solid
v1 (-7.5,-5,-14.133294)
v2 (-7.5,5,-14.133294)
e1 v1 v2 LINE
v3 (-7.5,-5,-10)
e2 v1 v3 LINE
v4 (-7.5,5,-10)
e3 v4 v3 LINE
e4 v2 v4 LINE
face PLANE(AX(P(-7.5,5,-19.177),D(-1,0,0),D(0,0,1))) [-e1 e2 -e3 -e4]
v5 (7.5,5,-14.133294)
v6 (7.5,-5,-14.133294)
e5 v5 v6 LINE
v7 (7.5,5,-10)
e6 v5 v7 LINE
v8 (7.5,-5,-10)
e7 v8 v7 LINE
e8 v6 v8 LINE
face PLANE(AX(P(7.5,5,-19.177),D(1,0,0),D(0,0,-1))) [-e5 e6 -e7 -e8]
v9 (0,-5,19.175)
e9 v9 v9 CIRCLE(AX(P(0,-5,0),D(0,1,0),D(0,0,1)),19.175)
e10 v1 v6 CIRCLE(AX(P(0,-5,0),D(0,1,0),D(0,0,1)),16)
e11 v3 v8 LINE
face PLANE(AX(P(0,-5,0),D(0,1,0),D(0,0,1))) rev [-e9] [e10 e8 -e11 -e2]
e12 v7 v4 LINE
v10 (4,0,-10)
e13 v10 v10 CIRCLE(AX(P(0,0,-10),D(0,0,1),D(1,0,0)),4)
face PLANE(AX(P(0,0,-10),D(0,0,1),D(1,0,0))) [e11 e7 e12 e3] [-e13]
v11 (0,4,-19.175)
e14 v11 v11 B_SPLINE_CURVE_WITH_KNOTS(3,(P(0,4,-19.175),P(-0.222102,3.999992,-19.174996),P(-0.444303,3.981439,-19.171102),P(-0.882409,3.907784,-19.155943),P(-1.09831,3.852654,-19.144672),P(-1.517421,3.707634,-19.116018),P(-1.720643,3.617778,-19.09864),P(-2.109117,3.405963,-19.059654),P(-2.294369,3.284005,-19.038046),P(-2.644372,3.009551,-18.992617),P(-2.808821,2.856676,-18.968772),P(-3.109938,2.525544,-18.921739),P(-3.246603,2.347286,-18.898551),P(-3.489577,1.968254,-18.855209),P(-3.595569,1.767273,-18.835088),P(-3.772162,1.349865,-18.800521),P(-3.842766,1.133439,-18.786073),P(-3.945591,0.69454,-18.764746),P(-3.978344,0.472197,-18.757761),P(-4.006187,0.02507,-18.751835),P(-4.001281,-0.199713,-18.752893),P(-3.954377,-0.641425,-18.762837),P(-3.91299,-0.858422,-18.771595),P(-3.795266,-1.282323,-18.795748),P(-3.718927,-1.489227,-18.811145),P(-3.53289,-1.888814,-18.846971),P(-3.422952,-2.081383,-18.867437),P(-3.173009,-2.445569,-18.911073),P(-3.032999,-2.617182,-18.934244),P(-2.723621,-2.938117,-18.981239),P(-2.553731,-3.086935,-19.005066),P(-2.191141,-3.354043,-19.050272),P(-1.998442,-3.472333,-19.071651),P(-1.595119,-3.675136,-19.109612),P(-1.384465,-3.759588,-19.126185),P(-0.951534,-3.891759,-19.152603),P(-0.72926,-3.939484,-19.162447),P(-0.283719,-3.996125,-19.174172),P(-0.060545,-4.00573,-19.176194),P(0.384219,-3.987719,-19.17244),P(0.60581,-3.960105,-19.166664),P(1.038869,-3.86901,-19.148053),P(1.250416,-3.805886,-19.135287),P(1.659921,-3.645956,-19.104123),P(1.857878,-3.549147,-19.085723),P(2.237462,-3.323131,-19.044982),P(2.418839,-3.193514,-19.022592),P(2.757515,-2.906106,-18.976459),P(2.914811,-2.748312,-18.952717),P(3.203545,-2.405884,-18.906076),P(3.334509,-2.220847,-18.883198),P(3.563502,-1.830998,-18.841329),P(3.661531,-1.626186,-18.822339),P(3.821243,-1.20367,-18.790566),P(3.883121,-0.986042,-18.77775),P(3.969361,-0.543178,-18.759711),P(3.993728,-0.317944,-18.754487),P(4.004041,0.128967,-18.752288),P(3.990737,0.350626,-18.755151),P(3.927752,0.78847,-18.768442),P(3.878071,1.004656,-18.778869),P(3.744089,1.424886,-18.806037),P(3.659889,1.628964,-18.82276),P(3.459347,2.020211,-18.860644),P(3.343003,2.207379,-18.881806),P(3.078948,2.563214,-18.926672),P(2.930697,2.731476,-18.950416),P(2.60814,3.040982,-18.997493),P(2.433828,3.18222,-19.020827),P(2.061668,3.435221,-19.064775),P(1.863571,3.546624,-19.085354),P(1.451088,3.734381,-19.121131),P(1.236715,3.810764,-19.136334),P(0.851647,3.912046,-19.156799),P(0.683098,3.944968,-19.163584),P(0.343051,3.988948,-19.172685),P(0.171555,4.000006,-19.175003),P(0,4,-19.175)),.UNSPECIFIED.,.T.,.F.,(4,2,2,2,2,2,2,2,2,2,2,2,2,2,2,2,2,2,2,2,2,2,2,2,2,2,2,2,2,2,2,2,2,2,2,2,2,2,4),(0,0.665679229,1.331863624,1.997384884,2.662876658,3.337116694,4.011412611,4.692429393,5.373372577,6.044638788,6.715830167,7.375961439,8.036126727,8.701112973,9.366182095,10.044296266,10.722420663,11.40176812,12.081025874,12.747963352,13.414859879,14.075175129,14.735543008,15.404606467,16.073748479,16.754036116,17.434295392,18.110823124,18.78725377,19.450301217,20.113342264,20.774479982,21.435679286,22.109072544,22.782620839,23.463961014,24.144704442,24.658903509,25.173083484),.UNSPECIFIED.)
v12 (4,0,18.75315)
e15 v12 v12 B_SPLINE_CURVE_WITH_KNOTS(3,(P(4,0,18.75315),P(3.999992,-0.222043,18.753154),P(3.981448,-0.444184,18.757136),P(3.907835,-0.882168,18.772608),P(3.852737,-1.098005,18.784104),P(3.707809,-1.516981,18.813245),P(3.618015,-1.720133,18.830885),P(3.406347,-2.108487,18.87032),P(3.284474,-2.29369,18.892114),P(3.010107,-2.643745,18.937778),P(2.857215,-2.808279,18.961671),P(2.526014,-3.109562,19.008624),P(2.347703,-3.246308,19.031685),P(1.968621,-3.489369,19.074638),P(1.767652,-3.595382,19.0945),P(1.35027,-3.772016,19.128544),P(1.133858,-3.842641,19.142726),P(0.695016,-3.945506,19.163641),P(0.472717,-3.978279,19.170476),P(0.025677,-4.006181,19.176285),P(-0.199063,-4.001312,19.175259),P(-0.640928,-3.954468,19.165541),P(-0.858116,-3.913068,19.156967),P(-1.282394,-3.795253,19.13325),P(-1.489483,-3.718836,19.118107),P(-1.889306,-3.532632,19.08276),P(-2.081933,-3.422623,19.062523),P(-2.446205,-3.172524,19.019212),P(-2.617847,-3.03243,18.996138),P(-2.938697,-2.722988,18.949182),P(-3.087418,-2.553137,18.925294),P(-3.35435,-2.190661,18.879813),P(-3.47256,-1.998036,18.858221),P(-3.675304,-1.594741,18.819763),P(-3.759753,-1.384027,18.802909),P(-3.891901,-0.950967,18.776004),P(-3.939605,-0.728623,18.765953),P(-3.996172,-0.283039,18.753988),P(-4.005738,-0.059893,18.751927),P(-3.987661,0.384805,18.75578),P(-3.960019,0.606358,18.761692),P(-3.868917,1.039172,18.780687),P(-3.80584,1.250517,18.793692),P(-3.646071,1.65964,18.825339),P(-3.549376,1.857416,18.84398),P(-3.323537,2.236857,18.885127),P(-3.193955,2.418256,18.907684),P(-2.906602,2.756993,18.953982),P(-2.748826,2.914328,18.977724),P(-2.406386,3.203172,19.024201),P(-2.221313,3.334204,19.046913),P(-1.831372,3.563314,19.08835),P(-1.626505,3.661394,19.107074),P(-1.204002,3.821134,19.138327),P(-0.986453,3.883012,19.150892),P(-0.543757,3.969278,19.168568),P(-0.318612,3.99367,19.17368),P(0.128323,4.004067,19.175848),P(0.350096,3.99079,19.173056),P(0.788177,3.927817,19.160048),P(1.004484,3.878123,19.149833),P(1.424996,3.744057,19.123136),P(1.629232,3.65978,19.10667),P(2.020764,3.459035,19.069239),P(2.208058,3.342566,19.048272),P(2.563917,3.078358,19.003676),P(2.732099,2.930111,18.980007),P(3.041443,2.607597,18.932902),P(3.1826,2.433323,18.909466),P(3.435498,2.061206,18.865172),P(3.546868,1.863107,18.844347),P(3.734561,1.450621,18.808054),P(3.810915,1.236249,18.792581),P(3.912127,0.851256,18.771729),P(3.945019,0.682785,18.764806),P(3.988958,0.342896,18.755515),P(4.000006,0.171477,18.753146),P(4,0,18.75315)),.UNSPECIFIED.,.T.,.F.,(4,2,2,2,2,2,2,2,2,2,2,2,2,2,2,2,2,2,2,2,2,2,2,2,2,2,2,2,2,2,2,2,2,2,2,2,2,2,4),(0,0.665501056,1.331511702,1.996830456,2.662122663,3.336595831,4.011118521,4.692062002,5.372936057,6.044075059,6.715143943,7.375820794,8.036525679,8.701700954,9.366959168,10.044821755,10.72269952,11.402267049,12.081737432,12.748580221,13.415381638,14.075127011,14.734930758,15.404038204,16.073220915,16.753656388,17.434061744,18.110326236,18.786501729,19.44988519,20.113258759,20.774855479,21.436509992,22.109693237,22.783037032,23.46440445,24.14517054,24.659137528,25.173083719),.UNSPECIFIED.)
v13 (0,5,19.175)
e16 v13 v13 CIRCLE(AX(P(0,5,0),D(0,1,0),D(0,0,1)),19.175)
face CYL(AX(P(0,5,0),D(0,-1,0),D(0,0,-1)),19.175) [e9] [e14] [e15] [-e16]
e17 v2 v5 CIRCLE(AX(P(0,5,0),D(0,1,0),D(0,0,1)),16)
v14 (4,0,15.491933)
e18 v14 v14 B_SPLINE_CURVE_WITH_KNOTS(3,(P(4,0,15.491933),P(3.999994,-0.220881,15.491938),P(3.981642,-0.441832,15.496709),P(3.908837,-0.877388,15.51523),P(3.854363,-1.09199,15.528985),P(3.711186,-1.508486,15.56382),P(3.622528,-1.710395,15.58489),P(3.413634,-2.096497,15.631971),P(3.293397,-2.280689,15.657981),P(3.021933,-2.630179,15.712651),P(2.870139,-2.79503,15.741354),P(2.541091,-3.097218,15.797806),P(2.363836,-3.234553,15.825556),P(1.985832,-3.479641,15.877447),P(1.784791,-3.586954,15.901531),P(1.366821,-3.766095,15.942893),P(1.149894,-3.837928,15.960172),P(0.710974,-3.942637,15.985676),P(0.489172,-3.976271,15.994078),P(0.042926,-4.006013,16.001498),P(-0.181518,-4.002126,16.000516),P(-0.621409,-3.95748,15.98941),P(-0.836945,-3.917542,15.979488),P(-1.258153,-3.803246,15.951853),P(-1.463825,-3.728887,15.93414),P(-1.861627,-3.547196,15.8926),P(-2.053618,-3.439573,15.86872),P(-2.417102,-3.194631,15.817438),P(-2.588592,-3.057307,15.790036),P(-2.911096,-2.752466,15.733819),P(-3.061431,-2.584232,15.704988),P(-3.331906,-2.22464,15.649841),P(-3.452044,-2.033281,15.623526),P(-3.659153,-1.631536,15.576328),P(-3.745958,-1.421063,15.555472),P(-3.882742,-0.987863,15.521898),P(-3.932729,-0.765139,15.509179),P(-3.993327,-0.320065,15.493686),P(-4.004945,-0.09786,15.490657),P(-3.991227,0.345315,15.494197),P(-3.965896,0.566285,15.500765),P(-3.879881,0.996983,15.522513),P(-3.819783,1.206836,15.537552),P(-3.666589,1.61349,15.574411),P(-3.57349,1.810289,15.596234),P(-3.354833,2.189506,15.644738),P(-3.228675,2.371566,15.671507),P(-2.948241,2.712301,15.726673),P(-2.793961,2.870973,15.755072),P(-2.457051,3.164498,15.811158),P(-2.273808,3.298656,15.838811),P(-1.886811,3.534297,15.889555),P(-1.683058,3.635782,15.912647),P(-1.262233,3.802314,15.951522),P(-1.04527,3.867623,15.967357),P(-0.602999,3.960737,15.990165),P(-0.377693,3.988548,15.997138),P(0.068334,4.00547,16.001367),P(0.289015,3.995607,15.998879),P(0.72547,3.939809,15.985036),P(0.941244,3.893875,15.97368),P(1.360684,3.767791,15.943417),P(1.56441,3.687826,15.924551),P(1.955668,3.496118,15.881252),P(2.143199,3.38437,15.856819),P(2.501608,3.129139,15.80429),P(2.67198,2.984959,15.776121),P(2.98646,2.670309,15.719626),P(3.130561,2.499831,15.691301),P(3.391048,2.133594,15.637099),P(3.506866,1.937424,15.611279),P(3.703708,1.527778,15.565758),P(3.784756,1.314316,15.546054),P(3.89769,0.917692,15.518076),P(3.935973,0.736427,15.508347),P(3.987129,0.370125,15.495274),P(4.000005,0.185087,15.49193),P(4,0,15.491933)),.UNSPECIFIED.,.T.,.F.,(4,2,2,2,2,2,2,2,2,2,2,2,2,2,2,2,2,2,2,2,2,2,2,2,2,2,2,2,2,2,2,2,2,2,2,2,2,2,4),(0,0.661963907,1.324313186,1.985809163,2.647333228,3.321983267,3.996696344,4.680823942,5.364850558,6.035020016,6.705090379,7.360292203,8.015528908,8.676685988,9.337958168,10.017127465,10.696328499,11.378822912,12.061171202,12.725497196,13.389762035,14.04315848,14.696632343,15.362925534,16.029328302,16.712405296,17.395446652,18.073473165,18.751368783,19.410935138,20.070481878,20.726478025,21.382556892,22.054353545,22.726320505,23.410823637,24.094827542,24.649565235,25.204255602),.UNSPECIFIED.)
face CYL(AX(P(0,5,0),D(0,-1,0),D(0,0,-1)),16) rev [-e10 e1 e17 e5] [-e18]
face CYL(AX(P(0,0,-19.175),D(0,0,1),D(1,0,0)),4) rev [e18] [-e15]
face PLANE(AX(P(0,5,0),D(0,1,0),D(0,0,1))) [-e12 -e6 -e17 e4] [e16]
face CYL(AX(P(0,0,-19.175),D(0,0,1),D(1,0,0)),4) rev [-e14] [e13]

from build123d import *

# Parameters (mm, degrees)
SKETCH6_R               = 19.175
SKETCH6_R_2             = 16
BOSS_EXTRUDE4_DEPTH     = 5
BOSS_EXTRUDE6_REACH     = 11.175
SKETCH8_W               = 15
SKETCH8_H               = 10
SKETCH7_2_R             = 4
CUT_EXTRUDE1_DEPTH      = 16.475
CUT_EXTRUDE1_DEPTH_BACK = 23.875


with BuildPart() as part:
    # Sketch6 → Boss-Extrude4 (new body, symmetric)
    with BuildSketch(Plane(origin=(0, 0, 0), x_dir=(1, 0, 0), z_dir=(0, 1, 0))):
        Circle(SKETCH6_R)
        Circle(SKETCH6_R_2, mode=Mode.SUBTRACT)
    extrude(amount=BOSS_EXTRUDE4_DEPTH, both=True)

    # Sketch8 → Boss-Extrude6 (add, up to next)
    with BuildSketch(Plane.XY.offset(-10), mode=Mode.PRIVATE) as boss_extrude6_sk1:
        Rectangle(SKETCH8_W, SKETCH8_H)
    boss_extrude6_tool1 = extrude(boss_extrude6_sk1.sketch, amount=-BOSS_EXTRUDE6_REACH, mode=Mode.PRIVATE) - part.part
    add(boss_extrude6_tool1.solids().sort_by_distance((0, 0, -10))[0])

    # Sketch7<2> → Cut-Extrude1 (cut, two sides)
    with BuildSketch(Plane.XY.offset(3.7)) as cut_extrude1_sk:
        Circle(SKETCH7_2_R)
    extrude(amount=CUT_EXTRUDE1_DEPTH, mode=Mode.SUBTRACT)
    extrude(cut_extrude1_sk.sketch, amount=-CUT_EXTRUDE1_DEPTH_BACK, mode=Mode.SUBTRACT)


solid = part.part
